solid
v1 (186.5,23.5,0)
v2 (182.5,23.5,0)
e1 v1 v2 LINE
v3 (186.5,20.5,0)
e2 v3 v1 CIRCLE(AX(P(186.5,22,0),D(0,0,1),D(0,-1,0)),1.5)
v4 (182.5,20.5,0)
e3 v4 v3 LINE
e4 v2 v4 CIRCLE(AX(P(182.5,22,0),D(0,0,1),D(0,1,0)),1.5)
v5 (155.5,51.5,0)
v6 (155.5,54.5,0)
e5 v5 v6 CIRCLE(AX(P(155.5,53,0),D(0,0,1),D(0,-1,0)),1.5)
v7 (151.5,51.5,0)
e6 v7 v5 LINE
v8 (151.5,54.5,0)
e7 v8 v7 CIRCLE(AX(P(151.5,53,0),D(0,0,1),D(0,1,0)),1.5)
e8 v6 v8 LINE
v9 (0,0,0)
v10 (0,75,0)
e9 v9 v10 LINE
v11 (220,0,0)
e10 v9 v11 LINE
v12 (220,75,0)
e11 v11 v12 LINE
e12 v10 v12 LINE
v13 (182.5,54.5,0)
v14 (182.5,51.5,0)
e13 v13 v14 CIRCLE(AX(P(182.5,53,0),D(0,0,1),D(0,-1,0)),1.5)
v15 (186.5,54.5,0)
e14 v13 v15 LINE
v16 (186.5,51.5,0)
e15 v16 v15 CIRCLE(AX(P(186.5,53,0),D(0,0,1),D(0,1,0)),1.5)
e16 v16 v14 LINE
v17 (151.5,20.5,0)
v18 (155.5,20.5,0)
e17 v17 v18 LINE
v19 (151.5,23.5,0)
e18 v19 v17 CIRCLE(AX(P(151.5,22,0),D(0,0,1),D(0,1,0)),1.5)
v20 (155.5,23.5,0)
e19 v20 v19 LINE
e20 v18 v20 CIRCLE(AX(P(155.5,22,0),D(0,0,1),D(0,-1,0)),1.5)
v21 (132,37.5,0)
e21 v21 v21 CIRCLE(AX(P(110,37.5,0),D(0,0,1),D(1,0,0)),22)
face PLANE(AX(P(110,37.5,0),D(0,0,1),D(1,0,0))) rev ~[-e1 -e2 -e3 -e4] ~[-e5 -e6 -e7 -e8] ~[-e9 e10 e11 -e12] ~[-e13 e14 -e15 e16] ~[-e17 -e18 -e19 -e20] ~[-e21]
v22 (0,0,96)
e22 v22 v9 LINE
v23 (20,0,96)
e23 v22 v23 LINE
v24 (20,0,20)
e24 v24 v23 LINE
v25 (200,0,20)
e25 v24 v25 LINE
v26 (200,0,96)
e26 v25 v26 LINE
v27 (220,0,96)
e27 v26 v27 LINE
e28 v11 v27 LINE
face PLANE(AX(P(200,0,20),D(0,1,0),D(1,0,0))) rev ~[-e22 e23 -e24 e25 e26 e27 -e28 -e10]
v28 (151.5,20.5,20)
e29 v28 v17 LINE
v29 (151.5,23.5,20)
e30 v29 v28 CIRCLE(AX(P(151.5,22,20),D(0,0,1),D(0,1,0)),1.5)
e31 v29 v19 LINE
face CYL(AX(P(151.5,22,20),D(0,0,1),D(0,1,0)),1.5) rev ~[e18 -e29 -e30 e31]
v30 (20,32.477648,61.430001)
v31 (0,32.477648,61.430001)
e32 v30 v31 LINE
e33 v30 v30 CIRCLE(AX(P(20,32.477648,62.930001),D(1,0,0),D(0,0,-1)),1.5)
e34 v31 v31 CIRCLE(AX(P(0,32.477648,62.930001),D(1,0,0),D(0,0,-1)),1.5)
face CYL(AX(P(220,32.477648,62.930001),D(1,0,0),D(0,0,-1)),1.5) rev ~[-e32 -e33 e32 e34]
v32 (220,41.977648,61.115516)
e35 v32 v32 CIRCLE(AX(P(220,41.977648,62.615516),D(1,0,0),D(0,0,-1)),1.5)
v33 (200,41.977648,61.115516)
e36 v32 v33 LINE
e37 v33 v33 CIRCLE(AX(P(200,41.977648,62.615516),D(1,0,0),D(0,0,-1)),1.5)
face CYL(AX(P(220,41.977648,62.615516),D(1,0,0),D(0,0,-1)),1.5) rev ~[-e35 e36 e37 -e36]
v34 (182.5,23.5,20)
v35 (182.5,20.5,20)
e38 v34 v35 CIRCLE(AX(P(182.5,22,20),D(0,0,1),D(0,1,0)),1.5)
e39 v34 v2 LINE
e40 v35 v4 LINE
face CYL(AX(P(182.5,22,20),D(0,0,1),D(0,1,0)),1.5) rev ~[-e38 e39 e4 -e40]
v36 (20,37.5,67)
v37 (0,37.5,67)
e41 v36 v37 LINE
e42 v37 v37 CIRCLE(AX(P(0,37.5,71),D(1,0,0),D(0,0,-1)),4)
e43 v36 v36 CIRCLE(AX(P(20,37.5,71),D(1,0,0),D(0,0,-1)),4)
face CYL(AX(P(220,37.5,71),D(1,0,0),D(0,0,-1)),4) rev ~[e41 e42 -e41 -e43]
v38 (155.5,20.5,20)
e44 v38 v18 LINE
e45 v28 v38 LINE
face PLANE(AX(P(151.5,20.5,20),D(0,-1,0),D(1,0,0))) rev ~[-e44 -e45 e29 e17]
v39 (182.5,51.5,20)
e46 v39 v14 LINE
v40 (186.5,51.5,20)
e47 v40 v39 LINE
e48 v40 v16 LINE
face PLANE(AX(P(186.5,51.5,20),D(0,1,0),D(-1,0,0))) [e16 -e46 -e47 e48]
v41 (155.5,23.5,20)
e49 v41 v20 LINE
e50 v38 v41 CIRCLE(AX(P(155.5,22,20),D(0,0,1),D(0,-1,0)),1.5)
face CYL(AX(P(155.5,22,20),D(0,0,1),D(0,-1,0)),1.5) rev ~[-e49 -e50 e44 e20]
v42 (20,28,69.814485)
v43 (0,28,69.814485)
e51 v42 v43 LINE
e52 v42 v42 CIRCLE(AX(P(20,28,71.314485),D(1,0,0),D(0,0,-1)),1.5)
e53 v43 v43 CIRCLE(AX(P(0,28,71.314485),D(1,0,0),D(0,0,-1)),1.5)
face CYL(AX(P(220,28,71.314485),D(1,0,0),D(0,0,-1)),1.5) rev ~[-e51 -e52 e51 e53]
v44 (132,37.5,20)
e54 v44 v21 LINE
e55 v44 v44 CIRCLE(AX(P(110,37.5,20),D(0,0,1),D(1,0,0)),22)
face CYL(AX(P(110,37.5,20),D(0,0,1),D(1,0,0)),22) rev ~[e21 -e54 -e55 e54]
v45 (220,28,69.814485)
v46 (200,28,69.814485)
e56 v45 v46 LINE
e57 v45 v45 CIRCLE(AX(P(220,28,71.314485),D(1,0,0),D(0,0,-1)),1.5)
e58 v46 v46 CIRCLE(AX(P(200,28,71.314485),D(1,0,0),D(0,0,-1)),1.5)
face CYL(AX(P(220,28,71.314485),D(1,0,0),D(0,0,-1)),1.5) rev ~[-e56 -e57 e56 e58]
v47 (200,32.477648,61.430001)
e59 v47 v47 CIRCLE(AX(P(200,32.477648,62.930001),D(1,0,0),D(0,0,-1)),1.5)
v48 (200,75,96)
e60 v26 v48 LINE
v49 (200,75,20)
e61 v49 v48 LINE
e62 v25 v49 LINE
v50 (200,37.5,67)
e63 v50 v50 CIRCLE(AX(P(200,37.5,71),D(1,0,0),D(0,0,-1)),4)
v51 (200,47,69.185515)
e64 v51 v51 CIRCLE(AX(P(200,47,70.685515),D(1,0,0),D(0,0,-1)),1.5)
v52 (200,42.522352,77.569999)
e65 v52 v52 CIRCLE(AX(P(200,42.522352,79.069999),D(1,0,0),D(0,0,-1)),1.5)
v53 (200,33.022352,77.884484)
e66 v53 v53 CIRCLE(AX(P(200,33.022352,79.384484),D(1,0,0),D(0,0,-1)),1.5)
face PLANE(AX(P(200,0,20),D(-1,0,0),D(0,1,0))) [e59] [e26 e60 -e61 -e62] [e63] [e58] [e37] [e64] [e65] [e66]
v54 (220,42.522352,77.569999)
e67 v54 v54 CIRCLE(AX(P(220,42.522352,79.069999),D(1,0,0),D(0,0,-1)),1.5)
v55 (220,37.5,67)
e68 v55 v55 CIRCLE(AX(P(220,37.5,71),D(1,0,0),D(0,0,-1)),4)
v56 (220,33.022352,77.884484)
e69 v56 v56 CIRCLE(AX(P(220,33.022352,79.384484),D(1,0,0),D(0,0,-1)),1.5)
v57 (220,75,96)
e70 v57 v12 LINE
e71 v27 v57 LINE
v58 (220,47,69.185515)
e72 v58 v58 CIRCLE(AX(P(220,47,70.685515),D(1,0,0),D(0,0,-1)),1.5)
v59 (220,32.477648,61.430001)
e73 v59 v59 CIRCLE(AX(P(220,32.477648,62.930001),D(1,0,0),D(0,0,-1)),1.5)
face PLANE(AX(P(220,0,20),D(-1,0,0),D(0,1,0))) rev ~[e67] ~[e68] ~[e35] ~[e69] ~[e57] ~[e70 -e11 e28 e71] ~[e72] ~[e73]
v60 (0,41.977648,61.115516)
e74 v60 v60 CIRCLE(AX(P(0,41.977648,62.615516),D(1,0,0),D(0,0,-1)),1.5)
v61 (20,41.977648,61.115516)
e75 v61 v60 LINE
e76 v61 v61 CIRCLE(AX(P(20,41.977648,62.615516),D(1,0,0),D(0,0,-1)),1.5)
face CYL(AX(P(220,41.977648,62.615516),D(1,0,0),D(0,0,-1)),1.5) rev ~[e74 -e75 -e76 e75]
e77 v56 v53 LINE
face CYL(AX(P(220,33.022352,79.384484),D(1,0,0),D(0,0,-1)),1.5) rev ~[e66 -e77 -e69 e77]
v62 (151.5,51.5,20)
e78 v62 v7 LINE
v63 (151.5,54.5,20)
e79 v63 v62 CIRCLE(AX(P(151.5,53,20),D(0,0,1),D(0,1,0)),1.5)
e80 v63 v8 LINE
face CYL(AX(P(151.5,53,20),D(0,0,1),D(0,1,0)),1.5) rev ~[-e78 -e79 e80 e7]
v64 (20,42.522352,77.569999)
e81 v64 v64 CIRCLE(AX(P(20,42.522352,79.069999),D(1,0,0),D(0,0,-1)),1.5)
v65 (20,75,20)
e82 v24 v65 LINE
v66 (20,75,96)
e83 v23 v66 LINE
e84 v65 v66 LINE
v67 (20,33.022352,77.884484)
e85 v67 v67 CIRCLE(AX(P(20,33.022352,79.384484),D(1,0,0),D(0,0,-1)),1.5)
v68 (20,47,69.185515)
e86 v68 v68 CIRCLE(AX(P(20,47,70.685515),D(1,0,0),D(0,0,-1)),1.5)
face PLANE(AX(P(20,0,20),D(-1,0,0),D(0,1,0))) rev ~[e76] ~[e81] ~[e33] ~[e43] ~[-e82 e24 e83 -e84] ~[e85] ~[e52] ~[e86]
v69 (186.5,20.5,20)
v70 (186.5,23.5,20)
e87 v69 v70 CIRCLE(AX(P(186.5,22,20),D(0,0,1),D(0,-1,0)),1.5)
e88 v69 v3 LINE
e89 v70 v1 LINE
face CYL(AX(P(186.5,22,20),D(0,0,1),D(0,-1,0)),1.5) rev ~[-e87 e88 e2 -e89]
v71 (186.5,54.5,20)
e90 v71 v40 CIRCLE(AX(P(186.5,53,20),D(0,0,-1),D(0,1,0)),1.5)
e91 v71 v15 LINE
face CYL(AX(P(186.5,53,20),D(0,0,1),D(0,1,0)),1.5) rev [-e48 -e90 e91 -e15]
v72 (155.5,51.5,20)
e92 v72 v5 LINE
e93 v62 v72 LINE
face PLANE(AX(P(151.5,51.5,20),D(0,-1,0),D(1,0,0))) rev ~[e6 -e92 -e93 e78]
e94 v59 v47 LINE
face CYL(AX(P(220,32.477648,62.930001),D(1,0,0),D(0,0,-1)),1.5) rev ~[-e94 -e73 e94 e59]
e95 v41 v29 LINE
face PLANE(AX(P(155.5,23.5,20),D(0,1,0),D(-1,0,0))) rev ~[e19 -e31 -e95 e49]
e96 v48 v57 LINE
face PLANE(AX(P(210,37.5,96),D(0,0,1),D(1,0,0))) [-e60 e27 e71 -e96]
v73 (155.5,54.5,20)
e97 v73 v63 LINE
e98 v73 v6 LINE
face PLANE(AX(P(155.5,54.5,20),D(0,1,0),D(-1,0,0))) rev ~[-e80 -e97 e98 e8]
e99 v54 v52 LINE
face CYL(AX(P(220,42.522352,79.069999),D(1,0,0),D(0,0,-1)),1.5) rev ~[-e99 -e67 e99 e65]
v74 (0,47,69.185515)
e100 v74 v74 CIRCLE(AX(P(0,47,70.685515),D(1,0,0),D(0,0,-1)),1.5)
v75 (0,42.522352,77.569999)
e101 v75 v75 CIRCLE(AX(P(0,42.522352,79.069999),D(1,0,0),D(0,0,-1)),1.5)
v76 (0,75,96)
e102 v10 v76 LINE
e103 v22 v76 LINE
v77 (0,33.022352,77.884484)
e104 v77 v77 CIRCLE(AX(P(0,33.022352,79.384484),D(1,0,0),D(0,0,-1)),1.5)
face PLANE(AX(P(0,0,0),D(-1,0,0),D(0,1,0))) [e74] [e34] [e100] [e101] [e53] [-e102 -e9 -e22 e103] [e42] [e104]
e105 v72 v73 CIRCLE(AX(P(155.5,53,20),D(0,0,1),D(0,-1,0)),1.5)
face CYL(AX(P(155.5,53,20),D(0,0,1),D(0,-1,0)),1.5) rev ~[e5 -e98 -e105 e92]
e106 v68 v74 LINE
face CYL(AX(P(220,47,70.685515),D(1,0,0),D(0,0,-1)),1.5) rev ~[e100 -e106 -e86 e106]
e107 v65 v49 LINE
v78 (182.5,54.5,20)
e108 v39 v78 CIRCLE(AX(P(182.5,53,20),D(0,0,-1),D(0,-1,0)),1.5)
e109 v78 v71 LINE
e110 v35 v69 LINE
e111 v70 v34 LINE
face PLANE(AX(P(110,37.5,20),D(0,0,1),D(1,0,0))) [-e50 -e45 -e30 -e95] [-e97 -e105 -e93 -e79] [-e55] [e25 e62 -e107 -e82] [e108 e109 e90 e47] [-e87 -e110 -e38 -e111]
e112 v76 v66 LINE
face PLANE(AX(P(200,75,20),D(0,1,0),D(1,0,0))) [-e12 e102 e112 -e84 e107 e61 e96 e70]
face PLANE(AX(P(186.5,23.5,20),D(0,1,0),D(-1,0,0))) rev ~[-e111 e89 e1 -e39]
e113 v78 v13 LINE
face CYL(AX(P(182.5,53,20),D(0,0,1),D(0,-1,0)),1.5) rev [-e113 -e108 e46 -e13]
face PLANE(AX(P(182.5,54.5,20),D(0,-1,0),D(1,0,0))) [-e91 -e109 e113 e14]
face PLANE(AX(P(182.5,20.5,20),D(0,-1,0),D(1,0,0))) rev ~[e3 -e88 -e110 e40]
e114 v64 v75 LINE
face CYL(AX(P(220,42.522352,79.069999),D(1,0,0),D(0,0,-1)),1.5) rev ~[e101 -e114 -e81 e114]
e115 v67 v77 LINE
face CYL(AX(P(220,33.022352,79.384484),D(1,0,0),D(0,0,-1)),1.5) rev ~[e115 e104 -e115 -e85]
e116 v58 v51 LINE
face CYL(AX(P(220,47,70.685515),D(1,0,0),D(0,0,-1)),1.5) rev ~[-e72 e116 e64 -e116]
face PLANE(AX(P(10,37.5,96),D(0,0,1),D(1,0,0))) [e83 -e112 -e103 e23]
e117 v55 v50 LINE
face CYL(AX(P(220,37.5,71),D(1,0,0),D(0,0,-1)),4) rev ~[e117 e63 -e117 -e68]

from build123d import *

# Parameters (mm, degrees)
ESQUISSE1_W             = 220
ESQUISSE1_H             = 75
BOSS_EXTRU_1_DEPTH      = 20
ESQUISSE2_W             = 20
ESQUISSE2_H             = 75
BOSS_EXTRU_2_DEPTH      = 76
ESQUISSE3_R             = 4
ENL_V_MAT_EXTRU_1_DEPTH = 252.4776332
ESQUISSE4_R             = 22
ENL_V_MAT_EXTRU_2_DEPTH = 76
ESQUISSE5_R             = 1.5
ENL_V_MAT_EXTRU_3_DEPTH = 252.4776332
ENL_V_MAT_EXTRU_5_DEPTH = 245.542429856


with BuildPart() as part:
    # Esquisse1 → Boss.-Extru.1 (new body)
    with BuildSketch(Plane.XY):
        with Locations((110, 37.5)):
            Rectangle(ESQUISSE1_W, ESQUISSE1_H)
    extrude(amount=BOSS_EXTRU_1_DEPTH)

    # Esquisse2 → Boss.-Extru.2 (add)
    with BuildSketch(Plane.XY.offset(20)):
        with Locations((210, 37.5)):
            Rectangle(ESQUISSE2_W, ESQUISSE2_H)
        with Locations((10, 37.5)):
            Rectangle(ESQUISSE2_W, ESQUISSE2_H)
    extrude(amount=BOSS_EXTRU_2_DEPTH)

    # Esquisse3 → Enlèv. mat.-Extru.1 (cut, through all)
    with BuildSketch(Plane(origin=(220, 0, 0), x_dir=(0, 0, -1), z_dir=(1, 0, 0))):
        with Locations((-71, 37.5)):
            Circle(ESQUISSE3_R)
    extrude(amount=-ENL_V_MAT_EXTRU_1_DEPTH, mode=Mode.SUBTRACT)

    # Esquisse4 → Enlèv. mat.-Extru.2 (cut)
    with BuildSketch(Plane.XY.offset(20)):
        with Locations((110, 37.5)):
            Circle(ESQUISSE4_R)
    extrude(amount=-ENL_V_MAT_EXTRU_2_DEPTH, mode=Mode.SUBTRACT)

    # Esquisse5 → Enlèv. mat.-Extru.3 (cut, through all)
    with BuildSketch(Plane(origin=(220, 0, 0), x_dir=(0, 0, -1), z_dir=(1, 0, 0))):
        with Locations((-70.685514893, 47)):
            Circle(ESQUISSE5_R)
        with Locations((-62.61551611, 41.977647908)):
            Circle(ESQUISSE5_R)
        with Locations((-62.930001218, 32.477647908)):
            Circle(ESQUISSE5_R)
        with Locations((-71.314485107, 28)):
            Circle(ESQUISSE5_R)
        with Locations((-79.38448389, 33.022352092)):
            Circle(ESQUISSE5_R)
        with Locations((-79.069998782, 42.522352092)):
            Circle(ESQUISSE5_R)
    extrude(amount=-ENL_V_MAT_EXTRU_3_DEPTH, mode=Mode.SUBTRACT)

    # Esquisse6 → Enlèv. mat.-Extru.5 (cut, through all)
    with BuildSketch(Plane.XY.offset(20)):
        with BuildLine():
            Line((182.5, 54.5), (186.5, 54.5))
            ThreePointArc((186.5, 54.5), (188, 53), (186.5, 51.5))
            Line((186.5, 51.5), (182.5, 51.5))
            ThreePointArc((182.5, 51.5), (181, 53), (182.5, 54.5))
        make_face()
        with BuildLine():
            Line((151.5, 51.5), (155.5, 51.5))
            ThreePointArc((155.5, 51.5), (157, 53), (155.5, 54.5))
            Line((155.5, 54.5), (151.5, 54.5))
            ThreePointArc((151.5, 54.5), (150, 53), (151.5, 51.5))
        make_face()
        with BuildLine():
            Line((151.5, 20.5), (155.5, 20.5))
            ThreePointArc((155.5, 20.5), (157, 22), (155.5, 23.5))
            Line((155.5, 23.5), (151.5, 23.5))
            ThreePointArc((151.5, 23.5), (150, 22), (151.5, 20.5))
        make_face()
        with BuildLine():
            Line((182.5, 20.5), (186.5, 20.5))
            ThreePointArc((186.5, 20.5), (188, 22), (186.5, 23.5))
            Line((186.5, 23.5), (182.5, 23.5))
            ThreePointArc((182.5, 23.5), (181, 22), (182.5, 20.5))
        make_face()
    extrude(amount=-ENL_V_MAT_EXTRU_5_DEPTH, mode=Mode.SUBTRACT)


solid = part.part
